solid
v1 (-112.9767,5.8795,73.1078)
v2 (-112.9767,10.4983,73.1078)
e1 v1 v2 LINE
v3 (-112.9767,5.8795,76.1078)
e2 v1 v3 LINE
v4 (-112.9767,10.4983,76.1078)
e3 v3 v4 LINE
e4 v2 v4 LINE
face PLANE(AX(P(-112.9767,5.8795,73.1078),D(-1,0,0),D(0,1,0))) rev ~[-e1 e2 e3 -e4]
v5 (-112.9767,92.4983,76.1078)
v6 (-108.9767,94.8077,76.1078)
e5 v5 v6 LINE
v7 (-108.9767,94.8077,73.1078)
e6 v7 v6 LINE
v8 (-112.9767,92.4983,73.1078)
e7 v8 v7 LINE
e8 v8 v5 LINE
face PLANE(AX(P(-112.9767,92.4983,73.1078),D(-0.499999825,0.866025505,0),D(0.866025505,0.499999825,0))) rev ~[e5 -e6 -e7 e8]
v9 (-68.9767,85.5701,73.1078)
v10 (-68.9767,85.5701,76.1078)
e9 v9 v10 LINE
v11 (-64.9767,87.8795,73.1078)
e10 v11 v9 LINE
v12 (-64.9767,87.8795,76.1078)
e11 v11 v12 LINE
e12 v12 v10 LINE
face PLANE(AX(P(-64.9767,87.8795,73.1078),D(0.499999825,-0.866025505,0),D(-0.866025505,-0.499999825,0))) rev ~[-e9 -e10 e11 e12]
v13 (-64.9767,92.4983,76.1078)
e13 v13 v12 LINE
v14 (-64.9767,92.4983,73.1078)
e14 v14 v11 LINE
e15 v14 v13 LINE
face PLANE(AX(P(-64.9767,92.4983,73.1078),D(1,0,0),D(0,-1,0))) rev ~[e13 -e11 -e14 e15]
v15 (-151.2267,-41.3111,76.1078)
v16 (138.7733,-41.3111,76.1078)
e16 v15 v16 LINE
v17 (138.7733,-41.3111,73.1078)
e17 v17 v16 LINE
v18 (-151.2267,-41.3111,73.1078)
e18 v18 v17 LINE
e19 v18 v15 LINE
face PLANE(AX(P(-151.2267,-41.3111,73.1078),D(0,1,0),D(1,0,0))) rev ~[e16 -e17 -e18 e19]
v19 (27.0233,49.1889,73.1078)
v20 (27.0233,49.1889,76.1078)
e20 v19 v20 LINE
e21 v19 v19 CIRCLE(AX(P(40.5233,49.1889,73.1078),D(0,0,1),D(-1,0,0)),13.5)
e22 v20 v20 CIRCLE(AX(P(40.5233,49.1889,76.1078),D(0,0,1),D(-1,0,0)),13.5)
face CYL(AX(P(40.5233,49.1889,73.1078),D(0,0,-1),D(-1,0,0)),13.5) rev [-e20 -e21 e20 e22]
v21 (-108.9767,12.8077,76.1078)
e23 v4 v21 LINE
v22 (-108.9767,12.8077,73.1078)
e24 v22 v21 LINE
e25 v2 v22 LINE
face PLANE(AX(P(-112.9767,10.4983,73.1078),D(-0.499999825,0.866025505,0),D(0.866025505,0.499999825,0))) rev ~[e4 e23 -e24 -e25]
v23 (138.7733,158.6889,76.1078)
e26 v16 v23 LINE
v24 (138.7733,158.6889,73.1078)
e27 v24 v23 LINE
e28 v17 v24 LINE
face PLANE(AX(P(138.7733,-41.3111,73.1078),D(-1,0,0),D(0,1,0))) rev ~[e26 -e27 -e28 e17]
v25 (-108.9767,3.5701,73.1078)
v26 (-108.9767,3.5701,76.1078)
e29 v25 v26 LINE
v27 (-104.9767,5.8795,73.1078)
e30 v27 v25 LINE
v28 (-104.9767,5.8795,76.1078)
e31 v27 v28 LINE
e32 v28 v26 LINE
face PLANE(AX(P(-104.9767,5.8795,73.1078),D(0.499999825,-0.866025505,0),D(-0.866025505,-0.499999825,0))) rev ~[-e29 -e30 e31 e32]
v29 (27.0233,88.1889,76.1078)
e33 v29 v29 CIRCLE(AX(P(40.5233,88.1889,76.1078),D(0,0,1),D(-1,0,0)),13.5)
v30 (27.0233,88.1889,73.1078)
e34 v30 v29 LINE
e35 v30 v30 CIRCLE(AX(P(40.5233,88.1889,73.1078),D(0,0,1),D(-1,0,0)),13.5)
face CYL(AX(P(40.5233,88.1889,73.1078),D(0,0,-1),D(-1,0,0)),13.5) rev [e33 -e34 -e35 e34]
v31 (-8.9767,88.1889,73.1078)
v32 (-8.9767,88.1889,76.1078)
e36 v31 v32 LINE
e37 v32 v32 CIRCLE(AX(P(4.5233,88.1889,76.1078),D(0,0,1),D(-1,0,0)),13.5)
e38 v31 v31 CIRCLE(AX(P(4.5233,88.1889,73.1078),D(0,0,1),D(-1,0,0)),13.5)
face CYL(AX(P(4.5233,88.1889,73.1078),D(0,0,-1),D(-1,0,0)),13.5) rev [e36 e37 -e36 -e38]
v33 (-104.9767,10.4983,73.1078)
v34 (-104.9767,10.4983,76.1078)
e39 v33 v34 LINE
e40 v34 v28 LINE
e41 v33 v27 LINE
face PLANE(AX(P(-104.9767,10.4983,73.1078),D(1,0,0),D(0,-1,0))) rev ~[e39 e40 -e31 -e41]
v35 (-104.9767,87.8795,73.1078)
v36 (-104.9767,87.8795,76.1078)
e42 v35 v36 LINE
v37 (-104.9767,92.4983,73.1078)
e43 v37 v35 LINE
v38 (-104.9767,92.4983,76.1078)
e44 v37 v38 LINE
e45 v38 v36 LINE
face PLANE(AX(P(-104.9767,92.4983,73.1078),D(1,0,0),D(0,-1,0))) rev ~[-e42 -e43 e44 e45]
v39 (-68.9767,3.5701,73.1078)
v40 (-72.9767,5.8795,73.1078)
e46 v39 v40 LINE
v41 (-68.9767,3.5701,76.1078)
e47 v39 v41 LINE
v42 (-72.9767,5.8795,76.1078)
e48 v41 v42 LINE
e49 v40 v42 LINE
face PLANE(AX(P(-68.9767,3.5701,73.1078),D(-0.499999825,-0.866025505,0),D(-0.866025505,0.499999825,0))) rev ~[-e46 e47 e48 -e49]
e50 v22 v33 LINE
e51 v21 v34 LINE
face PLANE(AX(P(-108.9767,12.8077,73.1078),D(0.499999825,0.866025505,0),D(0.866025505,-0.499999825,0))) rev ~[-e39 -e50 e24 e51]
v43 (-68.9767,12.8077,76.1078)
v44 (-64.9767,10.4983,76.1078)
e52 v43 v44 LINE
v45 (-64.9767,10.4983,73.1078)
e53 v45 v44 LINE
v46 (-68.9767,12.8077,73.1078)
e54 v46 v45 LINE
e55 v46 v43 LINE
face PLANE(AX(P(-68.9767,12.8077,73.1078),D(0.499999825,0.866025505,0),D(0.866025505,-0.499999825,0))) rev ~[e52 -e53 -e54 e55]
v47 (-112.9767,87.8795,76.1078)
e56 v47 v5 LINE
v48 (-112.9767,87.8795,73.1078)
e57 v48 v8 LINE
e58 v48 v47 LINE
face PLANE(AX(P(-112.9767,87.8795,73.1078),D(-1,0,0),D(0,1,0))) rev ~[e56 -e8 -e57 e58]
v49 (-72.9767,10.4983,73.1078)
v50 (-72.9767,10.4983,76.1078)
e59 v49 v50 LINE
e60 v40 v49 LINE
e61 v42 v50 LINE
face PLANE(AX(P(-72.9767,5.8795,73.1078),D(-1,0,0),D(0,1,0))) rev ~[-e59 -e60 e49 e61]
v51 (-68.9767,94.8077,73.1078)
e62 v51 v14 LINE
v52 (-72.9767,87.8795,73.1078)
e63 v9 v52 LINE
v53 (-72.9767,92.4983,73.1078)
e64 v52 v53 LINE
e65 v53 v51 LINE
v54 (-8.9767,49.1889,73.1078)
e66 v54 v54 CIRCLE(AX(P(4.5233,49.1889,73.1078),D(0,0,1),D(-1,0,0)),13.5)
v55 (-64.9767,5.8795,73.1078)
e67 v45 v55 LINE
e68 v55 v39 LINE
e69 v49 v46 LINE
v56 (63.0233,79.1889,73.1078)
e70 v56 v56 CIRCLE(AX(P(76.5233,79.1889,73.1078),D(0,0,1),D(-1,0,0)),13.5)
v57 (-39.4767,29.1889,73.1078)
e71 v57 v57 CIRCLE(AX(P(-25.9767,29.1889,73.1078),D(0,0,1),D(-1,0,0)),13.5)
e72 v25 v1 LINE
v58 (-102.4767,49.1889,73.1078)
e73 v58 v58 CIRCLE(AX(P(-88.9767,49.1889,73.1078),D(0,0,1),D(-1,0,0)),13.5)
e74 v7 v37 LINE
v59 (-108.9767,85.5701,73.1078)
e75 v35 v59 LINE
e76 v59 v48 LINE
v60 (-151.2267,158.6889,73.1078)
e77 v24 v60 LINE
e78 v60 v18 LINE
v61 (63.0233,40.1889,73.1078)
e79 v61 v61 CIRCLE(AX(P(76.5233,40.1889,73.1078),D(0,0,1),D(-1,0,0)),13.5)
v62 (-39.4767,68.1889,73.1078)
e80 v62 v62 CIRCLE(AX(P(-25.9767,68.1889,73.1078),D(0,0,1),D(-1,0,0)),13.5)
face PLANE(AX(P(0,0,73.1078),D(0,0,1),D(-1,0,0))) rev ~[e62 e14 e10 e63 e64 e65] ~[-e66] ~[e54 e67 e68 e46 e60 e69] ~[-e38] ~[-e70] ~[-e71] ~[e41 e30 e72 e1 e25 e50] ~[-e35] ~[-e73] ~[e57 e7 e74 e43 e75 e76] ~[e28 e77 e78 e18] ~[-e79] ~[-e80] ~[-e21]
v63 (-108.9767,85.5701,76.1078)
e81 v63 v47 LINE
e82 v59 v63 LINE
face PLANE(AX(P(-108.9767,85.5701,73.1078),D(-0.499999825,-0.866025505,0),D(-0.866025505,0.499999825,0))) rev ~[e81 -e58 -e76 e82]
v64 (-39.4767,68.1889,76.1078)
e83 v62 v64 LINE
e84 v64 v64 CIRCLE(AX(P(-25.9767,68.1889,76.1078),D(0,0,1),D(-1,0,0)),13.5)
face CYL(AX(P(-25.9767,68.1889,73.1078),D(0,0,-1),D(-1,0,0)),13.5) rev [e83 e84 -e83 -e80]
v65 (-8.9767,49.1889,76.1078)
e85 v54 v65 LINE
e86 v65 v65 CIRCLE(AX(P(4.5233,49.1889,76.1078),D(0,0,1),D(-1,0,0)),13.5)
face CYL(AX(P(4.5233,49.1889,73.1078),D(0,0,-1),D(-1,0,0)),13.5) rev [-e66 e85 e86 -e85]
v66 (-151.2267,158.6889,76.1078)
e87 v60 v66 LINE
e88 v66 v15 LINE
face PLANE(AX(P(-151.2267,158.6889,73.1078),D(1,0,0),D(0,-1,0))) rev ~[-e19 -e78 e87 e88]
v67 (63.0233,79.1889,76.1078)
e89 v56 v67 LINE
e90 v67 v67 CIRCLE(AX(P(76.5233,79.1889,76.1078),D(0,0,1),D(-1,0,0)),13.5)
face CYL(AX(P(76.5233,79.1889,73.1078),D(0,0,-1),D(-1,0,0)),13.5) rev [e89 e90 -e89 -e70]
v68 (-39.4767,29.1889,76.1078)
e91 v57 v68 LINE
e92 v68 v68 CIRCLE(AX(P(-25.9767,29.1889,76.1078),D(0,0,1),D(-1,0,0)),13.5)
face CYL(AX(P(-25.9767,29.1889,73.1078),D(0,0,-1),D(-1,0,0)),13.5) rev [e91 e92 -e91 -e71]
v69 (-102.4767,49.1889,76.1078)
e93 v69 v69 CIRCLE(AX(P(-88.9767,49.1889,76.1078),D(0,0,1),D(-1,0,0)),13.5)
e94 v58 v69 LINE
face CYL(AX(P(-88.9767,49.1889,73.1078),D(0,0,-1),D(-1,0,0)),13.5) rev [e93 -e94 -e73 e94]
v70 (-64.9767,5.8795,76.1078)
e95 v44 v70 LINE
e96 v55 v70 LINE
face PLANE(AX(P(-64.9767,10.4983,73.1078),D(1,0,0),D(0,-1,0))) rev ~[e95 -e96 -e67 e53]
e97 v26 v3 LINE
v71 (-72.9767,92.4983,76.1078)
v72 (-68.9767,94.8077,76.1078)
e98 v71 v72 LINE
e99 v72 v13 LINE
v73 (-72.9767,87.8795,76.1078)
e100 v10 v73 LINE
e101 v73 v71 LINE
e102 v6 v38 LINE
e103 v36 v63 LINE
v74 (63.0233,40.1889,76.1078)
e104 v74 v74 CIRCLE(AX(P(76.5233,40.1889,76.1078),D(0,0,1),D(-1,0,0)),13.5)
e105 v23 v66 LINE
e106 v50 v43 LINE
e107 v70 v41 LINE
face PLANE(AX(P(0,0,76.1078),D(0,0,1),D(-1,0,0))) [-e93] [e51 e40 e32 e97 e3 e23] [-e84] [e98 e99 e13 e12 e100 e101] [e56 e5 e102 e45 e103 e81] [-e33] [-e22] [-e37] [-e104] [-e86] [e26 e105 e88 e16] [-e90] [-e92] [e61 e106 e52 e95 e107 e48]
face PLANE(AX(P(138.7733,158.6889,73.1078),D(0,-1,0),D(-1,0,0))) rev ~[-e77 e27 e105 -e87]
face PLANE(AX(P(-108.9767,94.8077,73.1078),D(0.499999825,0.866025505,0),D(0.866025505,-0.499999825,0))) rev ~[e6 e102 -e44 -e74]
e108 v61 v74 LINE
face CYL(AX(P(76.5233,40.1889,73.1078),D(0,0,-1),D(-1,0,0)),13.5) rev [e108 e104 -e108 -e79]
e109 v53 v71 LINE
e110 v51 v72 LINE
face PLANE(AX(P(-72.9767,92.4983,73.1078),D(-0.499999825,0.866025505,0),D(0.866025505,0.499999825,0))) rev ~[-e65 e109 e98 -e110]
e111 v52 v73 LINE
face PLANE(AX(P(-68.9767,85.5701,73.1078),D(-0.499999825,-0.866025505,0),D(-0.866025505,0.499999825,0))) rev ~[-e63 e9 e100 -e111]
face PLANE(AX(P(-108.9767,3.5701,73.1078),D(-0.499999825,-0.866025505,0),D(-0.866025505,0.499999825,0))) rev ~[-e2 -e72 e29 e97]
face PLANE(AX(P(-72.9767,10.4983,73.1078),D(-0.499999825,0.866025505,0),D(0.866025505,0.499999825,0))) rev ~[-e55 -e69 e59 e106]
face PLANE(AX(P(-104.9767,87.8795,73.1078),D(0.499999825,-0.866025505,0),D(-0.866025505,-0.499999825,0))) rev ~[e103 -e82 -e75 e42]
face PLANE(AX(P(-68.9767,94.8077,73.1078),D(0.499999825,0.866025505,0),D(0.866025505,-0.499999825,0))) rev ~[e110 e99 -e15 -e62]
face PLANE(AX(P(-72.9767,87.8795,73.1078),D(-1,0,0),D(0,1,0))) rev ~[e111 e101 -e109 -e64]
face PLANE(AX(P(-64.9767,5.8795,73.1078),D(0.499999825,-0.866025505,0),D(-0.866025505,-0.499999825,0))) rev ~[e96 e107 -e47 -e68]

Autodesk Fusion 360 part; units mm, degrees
sketch "Sketch2" plane through (0, 0, 73.1078) normal (0, 0, 1) x (-1, 0, 0)
  line L0 (112.9767, -87.8795) -> (112.9767, -92.4983)
  line L1 (112.9767, -92.4983) -> (108.9767, -94.8077)
  line L2 (108.9767, -94.8077) -> (104.9767, -92.4983)
  line L3 (104.9767, -92.4983) -> (104.9767, -87.8795)
  line L4 (104.9767, -87.8795) -> (108.9767, -85.5701)
  line L5 (108.9767, -85.5701) -> (112.9767, -87.8795)
  circle A0 centre (-4.5233, -88.1889) radius 13.5
  circle A1 centre (-76.5233, -40.1889) radius 13.5
  circle A2 centre (-4.5233, -49.1889) radius 13.5
  circle A3 centre (-40.5233, -88.1889) radius 13.5
  line L6 (72.9767, -92.4983) -> (68.9767, -94.8077)
  line L7 (68.9767, -94.8077) -> (64.9767, -92.4983)
  line L8 (64.9767, -92.4983) -> (64.9767, -87.8795)
  line L9 (64.9767, -87.8795) -> (68.9767, -85.5701)
  line L10 (68.9767, -85.5701) -> (72.9767, -87.8795)
  line L11 (72.9767, -87.8795) -> (72.9767, -92.4983)
  line L12 (64.9767, -10.4983) -> (64.9767, -5.8795)
  line L13 (64.9767, -5.8795) -> (68.9767, -3.5701)
  line L14 (68.9767, -3.5701) -> (72.9767, -5.8795)
  line L15 (72.9767, -5.8795) -> (72.9767, -10.4983)
  line L16 (72.9767, -10.4983) -> (68.9767, -12.8077)
  line L17 (68.9767, -12.8077) -> (64.9767, -10.4983)
  circle A4 centre (25.9767, -68.1889) radius 13.5
  circle A5 centre (-40.5233, -49.1889) radius 13.5
  circle A6 centre (25.9767, -29.1889) radius 13.5
  circle A7 centre (-76.5233, -79.1889) radius 13.5
  circle A8 centre (88.9767, -49.1889) radius 13.5
  line L18 (104.9767, -5.8795) -> (108.9767, -3.5701)
  line L19 (108.9767, -3.5701) -> (112.9767, -5.8795)
  line L20 (112.9767, -5.8795) -> (112.9767, -10.4983)
  line L21 (112.9767, -10.4983) -> (108.9767, -12.8077)
  line L22 (108.9767, -12.8077) -> (104.9767, -10.4983)
  line L23 (104.9767, -10.4983) -> (104.9767, -5.8795)
  line L24 (151.2267, 41.3111) -> (-138.7733, 41.3111)
  line L25 (-138.7733, 41.3111) -> (-138.7733, -158.6889)
  line L26 (-138.7733, -158.6889) -> (151.2267, -158.6889)
  line L27 (151.2267, -158.6889) -> (151.2267, 41.3111)
  circle A9 centre (88.9767, -49.1889) radius 13.5
  circle A10 centre (25.9767, -68.1889) radius 13.5
  circle A11 centre (-4.5233, -88.1889) radius 13.5
  circle A12 centre (-40.5233, -88.1889) radius 13.5
  circle A13 centre (-76.5233, -79.1889) radius 13.5
  circle A14 centre (-76.5233, -40.1889) radius 13.5
  circle A15 centre (-40.5233, -49.1889) radius 13.5
  circle A16 centre (-4.5233, -49.1889) radius 13.5
  circle A17 centre (25.9767, -29.1889) radius 13.5
  line L28 (108.9767, -3.5701) -> (104.9767, -5.8795)
  line L29 (104.9767, -5.8795) -> (104.9767, -10.4983)
  line L30 (104.9767, -10.4983) -> (108.9767, -12.8077)
  line L31 (108.9767, -12.8077) -> (112.9767, -10.4983)
  line L32 (112.9767, -10.4983) -> (112.9767, -5.8795)
  line L33 (112.9767, -5.8795) -> (108.9767, -3.5701)
  line L34 (108.9767, -12.8077) -> (112.9767, -10.4983)
  line L35 (112.9767, -10.4983) -> (112.9767, -5.8795)
  line L36 (112.9767, -5.8795) -> (108.9767, -3.5701)
  line L37 (108.9767, -3.5701) -> (104.9767, -5.8795)
  line L38 (104.9767, -5.8795) -> (104.9767, -10.4983)
  line L39 (104.9767, -10.4983) -> (108.9767, -12.8077)
  line L40 (108.9767, -3.5701) -> (108.9767, -3.5701)
  line L41 (108.9767, -3.5701) -> (108.9767, -3.5701)
  line L42 (108.9767, -3.5701) -> (108.9767, -3.5701)
  line L43 (108.9767, -3.5701) -> (108.9767, -3.5701)
  line L44 (108.9767, -3.5701) -> (108.9767, -3.5701)
  line L45 (108.9767, -3.5701) -> (108.9767, -3.5701)
  line L46 (68.9767, -3.5701) -> (64.9767, -5.8795)
  line L47 (64.9767, -5.8795) -> (64.9767, -10.4983)
  line L48 (64.9767, -10.4983) -> (68.9767, -12.8077)
  line L49 (68.9767, -12.8077) -> (72.9767, -10.4983)
  line L50 (72.9767, -10.4983) -> (72.9767, -5.8795)
  line L51 (72.9767, -5.8795) -> (68.9767, -3.5701)
  line L52 (68.9767, -12.8077) -> (72.9767, -10.4983)
  line L53 (72.9767, -10.4983) -> (72.9767, -5.8795)
  line L54 (72.9767, -5.8795) -> (68.9767, -3.5701)
  line L55 (68.9767, -3.5701) -> (64.9767, -5.8795)
  line L56 (64.9767, -5.8795) -> (64.9767, -10.4983)
  line L57 (64.9767, -10.4983) -> (68.9767, -12.8077)
  line L58 (68.9767, -3.5701) -> (68.9767, -3.5701)
  line L59 (68.9767, -3.5701) -> (68.9767, -3.5701)
  line L60 (68.9767, -3.5701) -> (68.9767, -3.5701)
  line L61 (68.9767, -3.5701) -> (68.9767, -3.5701)
  line L62 (68.9767, -3.5701) -> (68.9767, -3.5701)
  line L63 (68.9767, -3.5701) -> (68.9767, -3.5701)
  line L64 (68.9767, -85.5701) -> (64.9767, -87.8795)
  line L65 (64.9767, -87.8795) -> (64.9767, -92.4983)
  line L66 (64.9767, -92.4983) -> (68.9767, -94.8077)
  line L67 (68.9767, -94.8077) -> (72.9767, -92.4983)
  line L68 (72.9767, -92.4983) -> (72.9767, -87.8795)
  line L69 (72.9767, -87.8795) -> (68.9767, -85.5701)
  line L70 (68.9767, -94.8077) -> (72.9767, -92.4983)
  line L71 (72.9767, -92.4983) -> (72.9767, -87.8795)
  line L72 (72.9767, -87.8795) -> (68.9767, -85.5701)
  line L73 (68.9767, -85.5701) -> (64.9767, -87.8795)
  line L74 (64.9767, -87.8795) -> (64.9767, -92.4983)
  line L75 (64.9767, -92.4983) -> (68.9767, -94.8077)
  line L76 (68.9767, -85.5701) -> (68.9767, -85.5701)
  line L77 (68.9767, -85.5701) -> (68.9767, -85.5701)
  line L78 (68.9767, -85.5701) -> (68.9767, -85.5701)
  line L79 (68.9767, -85.5701) -> (68.9767, -85.5701)
  line L80 (68.9767, -85.5701) -> (68.9767, -85.5701)
  line L81 (68.9767, -85.5701) -> (68.9767, -85.5701)
  line L82 (108.9767, -85.5701) -> (104.9767, -87.8795)
  line L83 (104.9767, -87.8795) -> (104.9767, -92.4983)
  line L84 (104.9767, -92.4983) -> (108.9767, -94.8077)
  line L85 (108.9767, -94.8077) -> (112.9767, -92.4983)
  line L86 (112.9767, -92.4983) -> (112.9767, -87.8795)
  line L87 (112.9767, -87.8795) -> (108.9767, -85.5701)
  line L88 (108.9767, -94.8077) -> (112.9767, -92.4983)
  line L89 (112.9767, -92.4983) -> (112.9767, -87.8795)
  line L90 (112.9767, -87.8795) -> (108.9767, -85.5701)
  line L91 (108.9767, -85.5701) -> (104.9767, -87.8795)
  line L92 (104.9767, -87.8795) -> (104.9767, -92.4983)
  line L93 (104.9767, -92.4983) -> (108.9767, -94.8077)
  line L94 (108.9767, -85.5701) -> (108.9767, -85.5701)
  line L95 (108.9767, -85.5701) -> (108.9767, -85.5701)
  line L96 (108.9767, -85.5701) -> (108.9767, -85.5701)
  line L97 (108.9767, -85.5701) -> (108.9767, -85.5701)
  line L98 (108.9767, -85.5701) -> (108.9767, -85.5701)
  line L99 (108.9767, -85.5701) -> (108.9767, -85.5701)
  line L100 (151.2267, -158.6889) -> (-138.7733, -158.6889)
  line L101 (-138.7733, -158.6889) -> (-138.7733, 41.3111)
  line L102 (-138.7733, 41.3111) -> (151.2267, 41.3111)
  line L103 (151.2267, 41.3111) -> (151.2267, -158.6889)
  point P0 (108.9767, -8.1889)
  point P1 (108.9767, -8.1889)
  point P2 (108.9767, -3.5701)
  point P3 (68.9767, -8.1889)
  point P4 (68.9767, -8.1889)
  point P5 (68.9767, -3.5701)
  point P6 (68.9767, -90.1889)
  point P7 (68.9767, -90.1889)
  point P8 (68.9767, -85.5701)
  point P9 (108.9767, -90.1889)
  point P10 (108.9767, -90.1889)
  point P11 (108.9767, -85.5701)
extrude "Extrude1" add sketch "Sketch2" along normal blind 3
equation "d150 = mat_thickness_3"
equation "mat_thickness_3 = 3 mm"
